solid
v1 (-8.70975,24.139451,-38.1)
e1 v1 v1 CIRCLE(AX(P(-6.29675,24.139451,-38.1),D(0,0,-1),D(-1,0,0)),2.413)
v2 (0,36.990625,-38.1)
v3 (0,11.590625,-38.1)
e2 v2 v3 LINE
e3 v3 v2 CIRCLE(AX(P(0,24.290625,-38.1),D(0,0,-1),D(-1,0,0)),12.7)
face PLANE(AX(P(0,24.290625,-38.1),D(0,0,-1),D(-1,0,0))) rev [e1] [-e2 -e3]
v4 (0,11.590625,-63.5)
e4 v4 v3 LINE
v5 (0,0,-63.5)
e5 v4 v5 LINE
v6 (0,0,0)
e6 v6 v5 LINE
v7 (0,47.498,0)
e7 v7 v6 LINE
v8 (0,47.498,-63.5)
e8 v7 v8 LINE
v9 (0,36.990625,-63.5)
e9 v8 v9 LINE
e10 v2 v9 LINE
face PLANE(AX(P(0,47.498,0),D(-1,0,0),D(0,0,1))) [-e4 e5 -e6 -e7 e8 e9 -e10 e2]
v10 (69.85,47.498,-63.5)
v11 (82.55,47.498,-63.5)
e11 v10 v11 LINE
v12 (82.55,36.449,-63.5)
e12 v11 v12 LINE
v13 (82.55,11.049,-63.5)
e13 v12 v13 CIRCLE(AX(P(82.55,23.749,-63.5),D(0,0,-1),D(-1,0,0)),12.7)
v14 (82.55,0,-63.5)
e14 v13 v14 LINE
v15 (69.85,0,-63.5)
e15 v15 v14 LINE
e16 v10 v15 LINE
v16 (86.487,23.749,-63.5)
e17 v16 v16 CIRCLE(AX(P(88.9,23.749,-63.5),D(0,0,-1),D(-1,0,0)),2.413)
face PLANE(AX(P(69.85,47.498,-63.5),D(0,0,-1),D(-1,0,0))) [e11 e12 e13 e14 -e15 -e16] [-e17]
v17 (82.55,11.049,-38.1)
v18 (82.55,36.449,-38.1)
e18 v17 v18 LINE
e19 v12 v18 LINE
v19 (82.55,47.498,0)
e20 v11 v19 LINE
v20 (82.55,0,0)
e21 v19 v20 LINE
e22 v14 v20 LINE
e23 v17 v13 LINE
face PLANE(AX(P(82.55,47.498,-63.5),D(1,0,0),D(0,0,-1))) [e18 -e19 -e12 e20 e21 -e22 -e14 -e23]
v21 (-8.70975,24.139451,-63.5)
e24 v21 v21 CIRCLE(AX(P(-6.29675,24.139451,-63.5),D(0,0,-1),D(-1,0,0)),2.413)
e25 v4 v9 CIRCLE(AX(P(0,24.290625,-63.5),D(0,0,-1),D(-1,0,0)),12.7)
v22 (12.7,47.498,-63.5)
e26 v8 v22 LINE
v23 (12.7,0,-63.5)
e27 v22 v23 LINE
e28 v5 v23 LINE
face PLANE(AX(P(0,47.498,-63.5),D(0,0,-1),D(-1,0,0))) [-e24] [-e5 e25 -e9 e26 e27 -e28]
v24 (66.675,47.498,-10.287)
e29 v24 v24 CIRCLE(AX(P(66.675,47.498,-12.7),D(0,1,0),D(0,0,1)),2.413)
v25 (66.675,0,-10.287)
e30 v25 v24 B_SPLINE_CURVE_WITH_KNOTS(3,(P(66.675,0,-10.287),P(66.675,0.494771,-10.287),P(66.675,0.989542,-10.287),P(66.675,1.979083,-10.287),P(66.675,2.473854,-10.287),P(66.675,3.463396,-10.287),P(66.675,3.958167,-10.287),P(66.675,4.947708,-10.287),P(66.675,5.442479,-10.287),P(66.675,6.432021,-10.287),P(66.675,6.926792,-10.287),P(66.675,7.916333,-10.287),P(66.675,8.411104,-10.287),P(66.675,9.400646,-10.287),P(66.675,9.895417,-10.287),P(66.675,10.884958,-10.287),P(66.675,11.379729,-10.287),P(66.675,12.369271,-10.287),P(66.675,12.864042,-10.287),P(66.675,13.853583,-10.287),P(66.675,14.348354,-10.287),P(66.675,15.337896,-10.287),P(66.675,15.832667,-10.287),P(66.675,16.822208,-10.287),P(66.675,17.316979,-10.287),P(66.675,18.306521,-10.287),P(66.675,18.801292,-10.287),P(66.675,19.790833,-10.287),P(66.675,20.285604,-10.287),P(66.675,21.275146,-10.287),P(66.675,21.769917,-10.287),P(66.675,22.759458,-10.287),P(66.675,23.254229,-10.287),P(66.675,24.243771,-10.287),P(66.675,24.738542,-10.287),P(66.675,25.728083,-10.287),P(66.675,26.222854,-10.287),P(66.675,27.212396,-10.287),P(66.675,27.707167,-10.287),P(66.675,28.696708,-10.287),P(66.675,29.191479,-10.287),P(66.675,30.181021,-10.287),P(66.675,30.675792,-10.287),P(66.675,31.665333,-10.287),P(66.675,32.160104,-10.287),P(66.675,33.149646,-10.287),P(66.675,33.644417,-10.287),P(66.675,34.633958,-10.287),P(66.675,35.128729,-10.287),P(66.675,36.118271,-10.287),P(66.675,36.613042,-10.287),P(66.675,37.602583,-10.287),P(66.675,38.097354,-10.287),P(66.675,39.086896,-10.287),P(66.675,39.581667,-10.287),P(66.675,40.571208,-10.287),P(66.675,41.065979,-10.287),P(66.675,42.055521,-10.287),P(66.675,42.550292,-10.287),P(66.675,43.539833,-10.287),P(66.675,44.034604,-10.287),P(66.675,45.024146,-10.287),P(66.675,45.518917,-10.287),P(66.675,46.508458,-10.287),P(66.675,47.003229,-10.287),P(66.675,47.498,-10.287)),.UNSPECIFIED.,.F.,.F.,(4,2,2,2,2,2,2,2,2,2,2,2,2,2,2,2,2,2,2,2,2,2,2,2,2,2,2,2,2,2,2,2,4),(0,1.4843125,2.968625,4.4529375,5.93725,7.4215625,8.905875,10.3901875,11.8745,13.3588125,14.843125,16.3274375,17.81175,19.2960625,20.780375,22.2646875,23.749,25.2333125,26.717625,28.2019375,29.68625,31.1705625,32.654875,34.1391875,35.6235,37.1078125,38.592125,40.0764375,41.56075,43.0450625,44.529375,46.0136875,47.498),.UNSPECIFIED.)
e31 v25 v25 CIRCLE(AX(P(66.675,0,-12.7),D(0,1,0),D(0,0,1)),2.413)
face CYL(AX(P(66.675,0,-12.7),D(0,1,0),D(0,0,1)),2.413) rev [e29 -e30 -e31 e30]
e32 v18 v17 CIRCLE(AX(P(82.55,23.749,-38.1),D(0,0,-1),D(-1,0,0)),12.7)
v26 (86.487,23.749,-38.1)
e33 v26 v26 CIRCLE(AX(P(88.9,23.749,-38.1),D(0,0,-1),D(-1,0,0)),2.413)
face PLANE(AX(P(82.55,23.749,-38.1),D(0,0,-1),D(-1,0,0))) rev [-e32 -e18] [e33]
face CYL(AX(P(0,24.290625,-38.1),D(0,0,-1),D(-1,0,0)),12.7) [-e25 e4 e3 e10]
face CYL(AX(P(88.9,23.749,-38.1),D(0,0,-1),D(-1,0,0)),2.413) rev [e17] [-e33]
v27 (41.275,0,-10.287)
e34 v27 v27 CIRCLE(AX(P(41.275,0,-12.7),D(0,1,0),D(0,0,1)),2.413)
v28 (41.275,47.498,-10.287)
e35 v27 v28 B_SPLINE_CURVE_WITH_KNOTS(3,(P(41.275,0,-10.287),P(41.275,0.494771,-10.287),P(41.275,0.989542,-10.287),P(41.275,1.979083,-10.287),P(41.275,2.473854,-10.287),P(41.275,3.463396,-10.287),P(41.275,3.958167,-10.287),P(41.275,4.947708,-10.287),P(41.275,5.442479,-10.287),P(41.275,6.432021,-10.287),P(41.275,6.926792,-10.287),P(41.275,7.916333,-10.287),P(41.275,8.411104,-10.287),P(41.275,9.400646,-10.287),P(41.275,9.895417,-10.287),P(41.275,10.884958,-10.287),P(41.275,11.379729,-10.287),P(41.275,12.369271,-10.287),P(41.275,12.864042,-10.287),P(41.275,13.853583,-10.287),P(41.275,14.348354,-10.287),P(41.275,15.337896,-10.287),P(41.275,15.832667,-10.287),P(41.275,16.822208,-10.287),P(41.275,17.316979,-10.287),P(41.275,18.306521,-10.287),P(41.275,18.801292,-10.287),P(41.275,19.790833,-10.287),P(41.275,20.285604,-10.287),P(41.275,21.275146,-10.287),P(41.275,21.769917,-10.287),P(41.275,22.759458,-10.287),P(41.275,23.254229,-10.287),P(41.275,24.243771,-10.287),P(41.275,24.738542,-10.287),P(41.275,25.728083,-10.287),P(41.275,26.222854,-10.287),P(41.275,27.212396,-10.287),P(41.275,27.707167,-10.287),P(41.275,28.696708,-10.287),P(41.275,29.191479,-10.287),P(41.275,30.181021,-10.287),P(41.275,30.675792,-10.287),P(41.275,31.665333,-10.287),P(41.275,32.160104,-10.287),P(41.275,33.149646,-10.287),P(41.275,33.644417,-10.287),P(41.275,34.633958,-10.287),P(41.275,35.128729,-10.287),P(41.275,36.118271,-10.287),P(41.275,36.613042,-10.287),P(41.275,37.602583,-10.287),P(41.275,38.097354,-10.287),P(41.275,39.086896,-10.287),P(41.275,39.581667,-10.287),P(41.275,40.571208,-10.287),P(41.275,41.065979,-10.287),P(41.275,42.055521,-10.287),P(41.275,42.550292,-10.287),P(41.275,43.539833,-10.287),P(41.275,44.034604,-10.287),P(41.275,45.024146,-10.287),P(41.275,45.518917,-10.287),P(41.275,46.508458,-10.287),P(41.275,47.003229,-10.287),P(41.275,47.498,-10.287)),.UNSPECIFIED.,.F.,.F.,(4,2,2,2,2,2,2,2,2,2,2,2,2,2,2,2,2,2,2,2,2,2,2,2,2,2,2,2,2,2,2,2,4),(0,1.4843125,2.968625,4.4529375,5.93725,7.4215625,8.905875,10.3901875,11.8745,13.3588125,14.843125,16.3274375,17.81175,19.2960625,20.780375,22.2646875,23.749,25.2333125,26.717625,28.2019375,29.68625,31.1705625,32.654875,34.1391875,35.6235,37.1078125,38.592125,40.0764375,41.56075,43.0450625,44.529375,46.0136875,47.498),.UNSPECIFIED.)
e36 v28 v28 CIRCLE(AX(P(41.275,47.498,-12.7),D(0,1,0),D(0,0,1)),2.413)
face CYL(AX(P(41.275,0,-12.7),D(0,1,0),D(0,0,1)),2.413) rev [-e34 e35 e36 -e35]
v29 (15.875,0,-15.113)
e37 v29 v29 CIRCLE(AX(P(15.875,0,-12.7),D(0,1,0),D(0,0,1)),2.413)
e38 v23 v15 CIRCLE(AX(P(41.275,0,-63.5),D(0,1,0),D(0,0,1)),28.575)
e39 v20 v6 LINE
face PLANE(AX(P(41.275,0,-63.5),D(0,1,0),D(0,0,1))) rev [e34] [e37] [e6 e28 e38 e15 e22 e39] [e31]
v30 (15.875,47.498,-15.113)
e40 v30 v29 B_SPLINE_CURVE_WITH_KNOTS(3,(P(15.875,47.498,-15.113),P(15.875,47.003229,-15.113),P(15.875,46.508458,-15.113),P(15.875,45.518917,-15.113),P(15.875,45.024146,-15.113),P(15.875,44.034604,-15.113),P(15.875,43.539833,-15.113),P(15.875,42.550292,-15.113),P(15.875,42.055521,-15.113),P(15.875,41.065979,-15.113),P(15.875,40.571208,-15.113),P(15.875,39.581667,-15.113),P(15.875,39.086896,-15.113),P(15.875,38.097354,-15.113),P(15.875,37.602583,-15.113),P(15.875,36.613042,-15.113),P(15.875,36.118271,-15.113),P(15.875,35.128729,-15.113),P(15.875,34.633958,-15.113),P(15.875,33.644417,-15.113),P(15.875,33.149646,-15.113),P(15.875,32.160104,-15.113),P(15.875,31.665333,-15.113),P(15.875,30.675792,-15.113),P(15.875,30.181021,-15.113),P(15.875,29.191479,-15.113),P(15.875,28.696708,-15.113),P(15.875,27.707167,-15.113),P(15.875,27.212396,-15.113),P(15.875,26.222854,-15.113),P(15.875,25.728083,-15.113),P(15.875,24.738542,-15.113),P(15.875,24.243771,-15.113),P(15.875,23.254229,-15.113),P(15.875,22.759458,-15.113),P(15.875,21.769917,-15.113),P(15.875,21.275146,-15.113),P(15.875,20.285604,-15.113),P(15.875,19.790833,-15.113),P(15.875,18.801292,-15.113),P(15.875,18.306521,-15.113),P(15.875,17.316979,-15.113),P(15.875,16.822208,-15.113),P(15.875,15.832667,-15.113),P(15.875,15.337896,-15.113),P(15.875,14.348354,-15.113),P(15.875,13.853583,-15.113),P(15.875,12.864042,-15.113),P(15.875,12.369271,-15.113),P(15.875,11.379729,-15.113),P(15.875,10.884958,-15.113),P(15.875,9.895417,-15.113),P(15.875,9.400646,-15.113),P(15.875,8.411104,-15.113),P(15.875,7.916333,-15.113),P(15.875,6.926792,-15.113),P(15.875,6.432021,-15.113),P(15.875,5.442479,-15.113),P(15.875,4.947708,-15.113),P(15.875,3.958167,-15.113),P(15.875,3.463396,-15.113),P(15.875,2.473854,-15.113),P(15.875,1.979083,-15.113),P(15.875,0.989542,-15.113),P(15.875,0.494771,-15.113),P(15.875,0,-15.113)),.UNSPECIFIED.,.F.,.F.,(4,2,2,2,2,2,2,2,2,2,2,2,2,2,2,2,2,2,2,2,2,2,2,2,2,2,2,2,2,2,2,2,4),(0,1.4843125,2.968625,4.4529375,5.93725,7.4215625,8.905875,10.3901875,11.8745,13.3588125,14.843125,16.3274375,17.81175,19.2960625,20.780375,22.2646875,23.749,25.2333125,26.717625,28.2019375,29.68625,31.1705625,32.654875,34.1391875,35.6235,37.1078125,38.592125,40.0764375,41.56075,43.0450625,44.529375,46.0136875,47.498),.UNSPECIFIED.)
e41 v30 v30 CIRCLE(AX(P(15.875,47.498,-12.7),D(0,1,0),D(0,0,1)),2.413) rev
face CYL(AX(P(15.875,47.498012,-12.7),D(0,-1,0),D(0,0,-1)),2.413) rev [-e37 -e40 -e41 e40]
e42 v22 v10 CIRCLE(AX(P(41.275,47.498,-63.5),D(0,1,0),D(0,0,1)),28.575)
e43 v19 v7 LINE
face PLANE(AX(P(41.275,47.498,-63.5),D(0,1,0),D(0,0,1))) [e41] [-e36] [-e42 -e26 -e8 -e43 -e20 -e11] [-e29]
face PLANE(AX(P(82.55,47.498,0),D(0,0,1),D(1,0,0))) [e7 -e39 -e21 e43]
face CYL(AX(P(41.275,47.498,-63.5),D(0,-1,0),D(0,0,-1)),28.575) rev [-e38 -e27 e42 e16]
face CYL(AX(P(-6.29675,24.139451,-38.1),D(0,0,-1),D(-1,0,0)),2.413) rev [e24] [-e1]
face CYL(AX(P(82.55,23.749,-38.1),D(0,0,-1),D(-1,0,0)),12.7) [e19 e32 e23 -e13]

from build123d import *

# Parameters (mm, degrees)
BOSS_EXTRUDE1_DEPTH     = 47.498
CUT_EXTRUDE3_DEPTH      = 115.467517244
CUT_EXTRUDE3_DEPTH_BACK = 115.467517244
SKETCH2_R               = 2.413
SKETCH2_4_R             = 2.413
CUT_EXTRUDE4_DEPTH      = 115.467517244
SKETCH6_R               = 12.7
BOSS_EXTRUDE5_DEPTH     = 25.4
SKETCH6_6_R             = 12.7
BOSS_EXTRUDE6_DEPTH     = 25.4
SKETCH8_R               = 2.413
CUT_EXTRUDE5_DEPTH      = 25.4
SKETCH9_R               = 2.413
CUT_EXTRUDE6_DEPTH      = 25.4


with BuildPart() as part:
    # Sketch1 → Boss-Extrude1 (new body)
    with BuildSketch(Plane(origin=(0, 0, 0), x_dir=(1, 0, 0), z_dir=(0, 1, 0))):
        with BuildLine():
            Line((0, 0), (0, 63.5))
            Line((0, 63.5), (12.7, 63.5))
            ThreePointArc((12.7, 63.5), (41.275, 34.925), (69.85, 63.5))
            Line((69.85, 63.5), (82.55, 63.5))
            Line((82.55, 63.5), (82.55, 0))
            Line((82.55, 0), (0, 0))
        make_face()
    extrude(amount=BOSS_EXTRUDE1_DEPTH)

    # Sketch2 → Cut-Extrude3 (cut, two sides: drawn at the far end of the back side and taken through both)
    with BuildSketch(Plane(origin=(0, 47.498, 0), x_dir=(1, 0, 0), z_dir=(0, 1, 0)).offset(-CUT_EXTRUDE3_DEPTH_BACK)):
        with Locations((15.875, 12.7)):
            Circle(SKETCH2_R)
    extrude(amount=CUT_EXTRUDE3_DEPTH + CUT_EXTRUDE3_DEPTH_BACK, mode=Mode.SUBTRACT)

    # Sketch2<4> → Cut-Extrude4 (cut, through all)
    with BuildSketch(Plane(origin=(0, 47.498, 0), x_dir=(1, 0, 0), z_dir=(0, 1, 0))):
        with Locations((15.875, 12.7)):
            Circle(SKETCH2_4_R)
        with Locations((41.275, 12.7)):
            Circle(SKETCH2_4_R)
        with Locations((66.675, 12.7)):
            Circle(SKETCH2_4_R)
    extrude(amount=-CUT_EXTRUDE4_DEPTH, mode=Mode.SUBTRACT)

    # Sketch6 → Boss-Extrude5 (add)
    with BuildSketch(Plane(origin=(0, 0, -63.5), x_dir=(-1, 0, 0), z_dir=(0, 0, -1))):
        with Locations((-82.55, 23.749)):
            Circle(SKETCH6_R)
    extrude(amount=-BOSS_EXTRUDE5_DEPTH)

    # Sketch6<6> → Boss-Extrude6 (add)
    with BuildSketch(Plane(origin=(0, 0, -63.5), x_dir=(-1, 0, 0), z_dir=(0, 0, -1))):
        with Locations((0, 24.290625464)):
            Circle(SKETCH6_6_R)
        with Locations((-82.55, 23.749)):
            Circle(SKETCH6_6_R)
    extrude(amount=-BOSS_EXTRUDE6_DEPTH)

    # Sketch8 → Cut-Extrude5 (cut)
    with BuildSketch(Plane(origin=(0, 0, -63.5), x_dir=(-1, 0, 0), z_dir=(0, 0, -1))):
        with Locations((-88.9, 23.749)):
            Circle(SKETCH8_R)
    extrude(amount=-CUT_EXTRUDE5_DEPTH, mode=Mode.SUBTRACT)

    # Sketch9 → Cut-Extrude6 (cut)
    with BuildSketch(Plane(origin=(0, 0, -63.5), x_dir=(-1, 0, 0), z_dir=(0, 0, -1))):
        with Locations((6.296749676, 24.139451287)):
            Circle(SKETCH9_R)
    extrude(amount=-CUT_EXTRUDE6_DEPTH, mode=Mode.SUBTRACT)


solid = part.part
